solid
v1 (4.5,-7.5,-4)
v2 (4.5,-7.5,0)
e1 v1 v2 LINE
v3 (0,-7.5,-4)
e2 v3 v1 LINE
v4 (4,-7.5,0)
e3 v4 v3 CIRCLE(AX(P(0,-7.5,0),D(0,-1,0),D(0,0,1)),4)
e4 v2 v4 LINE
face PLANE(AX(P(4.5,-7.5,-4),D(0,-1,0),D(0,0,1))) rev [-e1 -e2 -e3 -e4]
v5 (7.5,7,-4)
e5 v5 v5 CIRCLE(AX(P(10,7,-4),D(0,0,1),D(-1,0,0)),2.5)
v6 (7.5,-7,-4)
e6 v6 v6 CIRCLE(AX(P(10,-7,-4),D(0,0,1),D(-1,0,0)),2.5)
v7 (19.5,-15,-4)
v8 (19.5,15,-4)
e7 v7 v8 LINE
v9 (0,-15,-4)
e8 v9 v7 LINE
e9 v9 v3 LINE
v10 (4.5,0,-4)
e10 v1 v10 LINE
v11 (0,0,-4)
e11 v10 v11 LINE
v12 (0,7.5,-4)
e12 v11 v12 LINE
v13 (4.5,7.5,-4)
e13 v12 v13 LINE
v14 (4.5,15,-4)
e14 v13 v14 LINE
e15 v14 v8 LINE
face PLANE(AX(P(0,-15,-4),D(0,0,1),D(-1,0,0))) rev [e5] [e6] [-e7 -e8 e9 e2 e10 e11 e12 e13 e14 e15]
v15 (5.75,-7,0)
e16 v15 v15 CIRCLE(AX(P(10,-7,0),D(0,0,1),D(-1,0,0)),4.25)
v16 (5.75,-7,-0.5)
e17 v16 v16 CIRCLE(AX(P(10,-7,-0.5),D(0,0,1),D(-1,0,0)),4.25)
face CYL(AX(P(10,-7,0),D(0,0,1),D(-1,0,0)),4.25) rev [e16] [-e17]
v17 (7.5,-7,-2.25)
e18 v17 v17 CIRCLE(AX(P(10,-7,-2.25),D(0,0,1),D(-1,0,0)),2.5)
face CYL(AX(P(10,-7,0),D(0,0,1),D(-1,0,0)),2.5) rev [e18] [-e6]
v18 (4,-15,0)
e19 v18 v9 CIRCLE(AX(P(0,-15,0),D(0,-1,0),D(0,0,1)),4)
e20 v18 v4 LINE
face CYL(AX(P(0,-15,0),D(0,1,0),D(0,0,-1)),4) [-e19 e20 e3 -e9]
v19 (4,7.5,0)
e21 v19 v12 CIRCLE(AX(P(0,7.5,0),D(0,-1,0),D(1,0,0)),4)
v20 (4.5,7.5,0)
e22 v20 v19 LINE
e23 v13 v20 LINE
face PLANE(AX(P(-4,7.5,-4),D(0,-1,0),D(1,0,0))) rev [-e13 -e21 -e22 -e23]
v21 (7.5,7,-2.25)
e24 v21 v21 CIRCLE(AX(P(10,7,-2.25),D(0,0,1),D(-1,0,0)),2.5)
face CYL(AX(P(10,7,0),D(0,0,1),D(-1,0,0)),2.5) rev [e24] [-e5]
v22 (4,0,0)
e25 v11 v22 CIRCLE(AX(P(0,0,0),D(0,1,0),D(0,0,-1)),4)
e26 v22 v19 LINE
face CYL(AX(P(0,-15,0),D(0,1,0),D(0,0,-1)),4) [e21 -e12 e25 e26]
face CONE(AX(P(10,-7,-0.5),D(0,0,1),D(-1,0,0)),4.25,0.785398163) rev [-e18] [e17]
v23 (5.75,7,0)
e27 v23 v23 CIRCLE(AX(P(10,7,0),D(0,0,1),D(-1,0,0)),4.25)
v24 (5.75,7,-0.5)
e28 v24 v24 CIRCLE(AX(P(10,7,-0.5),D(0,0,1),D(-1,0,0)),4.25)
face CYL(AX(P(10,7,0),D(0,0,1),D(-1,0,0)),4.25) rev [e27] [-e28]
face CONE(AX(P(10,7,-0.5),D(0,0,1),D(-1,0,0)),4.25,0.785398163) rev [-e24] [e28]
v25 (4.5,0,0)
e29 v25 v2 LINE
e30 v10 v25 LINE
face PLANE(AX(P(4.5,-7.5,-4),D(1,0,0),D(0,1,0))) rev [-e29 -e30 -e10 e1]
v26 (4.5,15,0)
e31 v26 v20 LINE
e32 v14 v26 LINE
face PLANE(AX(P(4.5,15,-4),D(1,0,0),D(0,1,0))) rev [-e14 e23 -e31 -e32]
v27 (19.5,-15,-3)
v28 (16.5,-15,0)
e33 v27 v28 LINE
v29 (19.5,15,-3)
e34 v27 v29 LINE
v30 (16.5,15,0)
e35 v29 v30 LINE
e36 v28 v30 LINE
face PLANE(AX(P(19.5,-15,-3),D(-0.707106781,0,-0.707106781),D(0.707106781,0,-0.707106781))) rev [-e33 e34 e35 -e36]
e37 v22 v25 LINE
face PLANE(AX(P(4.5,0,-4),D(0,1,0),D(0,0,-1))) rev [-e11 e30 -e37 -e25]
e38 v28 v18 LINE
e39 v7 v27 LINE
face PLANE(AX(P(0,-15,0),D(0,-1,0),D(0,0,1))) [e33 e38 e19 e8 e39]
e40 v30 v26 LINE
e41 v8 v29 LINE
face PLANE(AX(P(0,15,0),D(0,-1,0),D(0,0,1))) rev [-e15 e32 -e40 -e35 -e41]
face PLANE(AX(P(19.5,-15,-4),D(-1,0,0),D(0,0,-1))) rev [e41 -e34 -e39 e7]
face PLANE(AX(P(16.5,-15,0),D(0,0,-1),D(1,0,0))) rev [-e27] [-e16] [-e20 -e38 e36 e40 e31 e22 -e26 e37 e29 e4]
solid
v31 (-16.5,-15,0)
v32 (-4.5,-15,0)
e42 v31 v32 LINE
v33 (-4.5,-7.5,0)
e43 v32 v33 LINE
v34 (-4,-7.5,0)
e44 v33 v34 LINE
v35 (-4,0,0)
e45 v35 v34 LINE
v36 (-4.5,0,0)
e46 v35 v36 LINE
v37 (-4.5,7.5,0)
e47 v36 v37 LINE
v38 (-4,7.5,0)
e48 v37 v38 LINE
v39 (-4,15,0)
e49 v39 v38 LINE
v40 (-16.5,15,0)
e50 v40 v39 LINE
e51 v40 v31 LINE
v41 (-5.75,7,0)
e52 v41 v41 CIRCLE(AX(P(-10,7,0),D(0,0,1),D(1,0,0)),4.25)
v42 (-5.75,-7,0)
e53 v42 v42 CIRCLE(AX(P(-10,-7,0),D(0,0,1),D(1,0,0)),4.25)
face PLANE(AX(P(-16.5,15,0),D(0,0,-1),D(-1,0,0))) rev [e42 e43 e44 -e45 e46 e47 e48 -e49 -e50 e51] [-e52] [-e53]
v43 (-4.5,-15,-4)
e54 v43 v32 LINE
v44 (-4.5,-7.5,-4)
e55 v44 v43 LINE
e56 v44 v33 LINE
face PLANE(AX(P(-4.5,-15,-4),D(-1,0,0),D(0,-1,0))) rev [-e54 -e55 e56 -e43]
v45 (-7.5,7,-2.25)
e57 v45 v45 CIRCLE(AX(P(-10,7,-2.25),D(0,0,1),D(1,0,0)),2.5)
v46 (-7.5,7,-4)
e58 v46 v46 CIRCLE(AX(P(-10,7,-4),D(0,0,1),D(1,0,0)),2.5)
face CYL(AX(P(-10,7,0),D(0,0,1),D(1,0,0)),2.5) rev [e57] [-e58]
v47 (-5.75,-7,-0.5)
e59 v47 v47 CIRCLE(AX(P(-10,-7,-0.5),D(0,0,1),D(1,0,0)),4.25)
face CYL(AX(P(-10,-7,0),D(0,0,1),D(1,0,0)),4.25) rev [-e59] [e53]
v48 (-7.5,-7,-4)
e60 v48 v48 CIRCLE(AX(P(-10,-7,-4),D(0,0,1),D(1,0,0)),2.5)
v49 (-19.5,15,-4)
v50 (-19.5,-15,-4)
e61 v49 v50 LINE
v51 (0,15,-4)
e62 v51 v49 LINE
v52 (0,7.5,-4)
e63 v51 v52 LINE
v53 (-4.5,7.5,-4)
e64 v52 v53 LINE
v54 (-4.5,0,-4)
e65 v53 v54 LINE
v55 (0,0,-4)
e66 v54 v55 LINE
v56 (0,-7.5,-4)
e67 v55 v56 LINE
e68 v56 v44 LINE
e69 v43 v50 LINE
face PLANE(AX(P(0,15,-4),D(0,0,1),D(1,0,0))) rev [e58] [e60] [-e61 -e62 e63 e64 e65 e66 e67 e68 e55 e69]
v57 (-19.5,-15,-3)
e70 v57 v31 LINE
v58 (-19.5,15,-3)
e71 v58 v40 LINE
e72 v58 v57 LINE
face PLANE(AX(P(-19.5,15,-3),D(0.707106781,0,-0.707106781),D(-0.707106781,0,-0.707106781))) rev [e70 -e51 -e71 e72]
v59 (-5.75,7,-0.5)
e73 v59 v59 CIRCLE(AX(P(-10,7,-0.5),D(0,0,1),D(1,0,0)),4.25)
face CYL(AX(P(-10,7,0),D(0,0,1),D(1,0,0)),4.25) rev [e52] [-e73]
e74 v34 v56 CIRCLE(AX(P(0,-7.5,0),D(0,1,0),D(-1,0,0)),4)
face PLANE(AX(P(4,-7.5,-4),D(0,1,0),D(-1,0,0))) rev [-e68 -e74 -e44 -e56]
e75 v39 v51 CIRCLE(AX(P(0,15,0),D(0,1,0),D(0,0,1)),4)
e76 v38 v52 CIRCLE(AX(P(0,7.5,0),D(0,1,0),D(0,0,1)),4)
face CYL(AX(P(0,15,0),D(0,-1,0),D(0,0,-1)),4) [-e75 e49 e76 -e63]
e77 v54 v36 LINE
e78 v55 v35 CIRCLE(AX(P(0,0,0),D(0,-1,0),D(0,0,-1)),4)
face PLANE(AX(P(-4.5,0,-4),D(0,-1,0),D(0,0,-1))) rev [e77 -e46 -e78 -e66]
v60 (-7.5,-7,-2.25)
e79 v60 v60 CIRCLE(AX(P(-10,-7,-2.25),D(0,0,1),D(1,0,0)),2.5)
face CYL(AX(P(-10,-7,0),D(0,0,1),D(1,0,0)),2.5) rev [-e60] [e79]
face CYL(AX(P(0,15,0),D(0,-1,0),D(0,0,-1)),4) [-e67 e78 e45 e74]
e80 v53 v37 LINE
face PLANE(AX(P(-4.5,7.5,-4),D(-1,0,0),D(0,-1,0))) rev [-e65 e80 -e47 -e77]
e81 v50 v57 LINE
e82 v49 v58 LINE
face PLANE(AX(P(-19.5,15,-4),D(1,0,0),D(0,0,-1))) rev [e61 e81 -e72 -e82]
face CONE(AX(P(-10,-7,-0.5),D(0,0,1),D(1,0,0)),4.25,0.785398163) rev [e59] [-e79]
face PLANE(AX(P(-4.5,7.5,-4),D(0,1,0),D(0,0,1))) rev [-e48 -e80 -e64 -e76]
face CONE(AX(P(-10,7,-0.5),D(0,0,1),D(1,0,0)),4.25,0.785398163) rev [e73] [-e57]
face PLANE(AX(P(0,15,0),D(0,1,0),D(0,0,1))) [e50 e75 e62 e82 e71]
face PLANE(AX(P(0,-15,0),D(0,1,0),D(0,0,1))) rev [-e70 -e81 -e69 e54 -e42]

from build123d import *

# Parameters (mm, degrees)
EXTRUDE_1_DEPTH            = 15
SKETCH_3_W                 = 8.5
SKETCH_3_H                 = 7.5
CUT_EXTRUDE_1_DEPTH        = 5
CUT_EXTRUDE_1_DEPTH_BACK   = 5
HOLE_WIZARD_M41_AT_2_COUNT = 2
HOLE_WIZARD_M41_AT_2_PITCH = 14
PATTERN_CIRCULAR_1_COUNT   = 2


with BuildPart() as part:
    # Эскиз1 → Бобышка-Вытянуть1 (new body, symmetric)
    with BuildSketch(Plane(origin=(0, 0, 0), x_dir=(1, 0, 0), z_dir=(0, 1, 0))):
        with BuildLine():
            Line((0, 4), (-19.5, 4))
            Line((-19.5, 4), (-19.5, 3))
            Line((-19.5, 3), (-16.5, 0))
            Line((-16.5, 0), (-4, 0))
            ThreePointArc((-4, 0), (2.828427125, -2.828427125), (0, 4))
        make_face()
    extrude(amount=EXTRUDE_1_DEPTH, both=True)

    # Эскиз3 → Вырез-Вытянуть1 (cut, two sides)
    with BuildSketch(Plane.XY) as cut_extrude_1_sk:
        with Locations((-0.25, 3.75)):
            Rectangle(SKETCH_3_W, SKETCH_3_H)
        with Locations((-0.25, -11.25)):
            Rectangle(SKETCH_3_W, SKETCH_3_H)
    extrude(amount=CUT_EXTRUDE_1_DEPTH, mode=Mode.SUBTRACT)
    extrude(cut_extrude_1_sk.sketch, amount=-CUT_EXTRUDE_1_DEPTH_BACK, mode=Mode.SUBTRACT)

    # Эскиз6 → Зенковка для винта с полупотайной головкой M41 (revolve, cut)
    with BuildSketch(Plane(origin=(-10, 7, 0), x_dir=(0, -1, 0), z_dir=(1, 0, 0))):
        Polygon((0, 0), (0, 4), (2.5, 4), (2.5, 2.25), (4.25, 0.5), (4.25, 0), align=None)
    hole_wizard_m41 = revolve(axis=Axis((-10, 7, 6.35), (0, 0, -1)), mode=Mode.SUBTRACT)

    # Зенковка для винта с полупотайной головкой M41 at 2: Зенковка для винта с полупотайной головкой M41 ×2
    with Locations(*[(0, -i * HOLE_WIZARD_M41_AT_2_PITCH, 0) for i in range(1, HOLE_WIZARD_M41_AT_2_COUNT)]):
        add(hole_wizard_m41, mode=Mode.SUBTRACT)


with BuildPart() as pattern_circular_1_1:
    # Круговой массив1: pattern copy
    add(part.part.rotate(Axis((0, 0, 0), (0, 0, 1)), 1 * 360 / PATTERN_CIRCULAR_1_COUNT))


solid = Compound([part.part, pattern_circular_1_1.part])
